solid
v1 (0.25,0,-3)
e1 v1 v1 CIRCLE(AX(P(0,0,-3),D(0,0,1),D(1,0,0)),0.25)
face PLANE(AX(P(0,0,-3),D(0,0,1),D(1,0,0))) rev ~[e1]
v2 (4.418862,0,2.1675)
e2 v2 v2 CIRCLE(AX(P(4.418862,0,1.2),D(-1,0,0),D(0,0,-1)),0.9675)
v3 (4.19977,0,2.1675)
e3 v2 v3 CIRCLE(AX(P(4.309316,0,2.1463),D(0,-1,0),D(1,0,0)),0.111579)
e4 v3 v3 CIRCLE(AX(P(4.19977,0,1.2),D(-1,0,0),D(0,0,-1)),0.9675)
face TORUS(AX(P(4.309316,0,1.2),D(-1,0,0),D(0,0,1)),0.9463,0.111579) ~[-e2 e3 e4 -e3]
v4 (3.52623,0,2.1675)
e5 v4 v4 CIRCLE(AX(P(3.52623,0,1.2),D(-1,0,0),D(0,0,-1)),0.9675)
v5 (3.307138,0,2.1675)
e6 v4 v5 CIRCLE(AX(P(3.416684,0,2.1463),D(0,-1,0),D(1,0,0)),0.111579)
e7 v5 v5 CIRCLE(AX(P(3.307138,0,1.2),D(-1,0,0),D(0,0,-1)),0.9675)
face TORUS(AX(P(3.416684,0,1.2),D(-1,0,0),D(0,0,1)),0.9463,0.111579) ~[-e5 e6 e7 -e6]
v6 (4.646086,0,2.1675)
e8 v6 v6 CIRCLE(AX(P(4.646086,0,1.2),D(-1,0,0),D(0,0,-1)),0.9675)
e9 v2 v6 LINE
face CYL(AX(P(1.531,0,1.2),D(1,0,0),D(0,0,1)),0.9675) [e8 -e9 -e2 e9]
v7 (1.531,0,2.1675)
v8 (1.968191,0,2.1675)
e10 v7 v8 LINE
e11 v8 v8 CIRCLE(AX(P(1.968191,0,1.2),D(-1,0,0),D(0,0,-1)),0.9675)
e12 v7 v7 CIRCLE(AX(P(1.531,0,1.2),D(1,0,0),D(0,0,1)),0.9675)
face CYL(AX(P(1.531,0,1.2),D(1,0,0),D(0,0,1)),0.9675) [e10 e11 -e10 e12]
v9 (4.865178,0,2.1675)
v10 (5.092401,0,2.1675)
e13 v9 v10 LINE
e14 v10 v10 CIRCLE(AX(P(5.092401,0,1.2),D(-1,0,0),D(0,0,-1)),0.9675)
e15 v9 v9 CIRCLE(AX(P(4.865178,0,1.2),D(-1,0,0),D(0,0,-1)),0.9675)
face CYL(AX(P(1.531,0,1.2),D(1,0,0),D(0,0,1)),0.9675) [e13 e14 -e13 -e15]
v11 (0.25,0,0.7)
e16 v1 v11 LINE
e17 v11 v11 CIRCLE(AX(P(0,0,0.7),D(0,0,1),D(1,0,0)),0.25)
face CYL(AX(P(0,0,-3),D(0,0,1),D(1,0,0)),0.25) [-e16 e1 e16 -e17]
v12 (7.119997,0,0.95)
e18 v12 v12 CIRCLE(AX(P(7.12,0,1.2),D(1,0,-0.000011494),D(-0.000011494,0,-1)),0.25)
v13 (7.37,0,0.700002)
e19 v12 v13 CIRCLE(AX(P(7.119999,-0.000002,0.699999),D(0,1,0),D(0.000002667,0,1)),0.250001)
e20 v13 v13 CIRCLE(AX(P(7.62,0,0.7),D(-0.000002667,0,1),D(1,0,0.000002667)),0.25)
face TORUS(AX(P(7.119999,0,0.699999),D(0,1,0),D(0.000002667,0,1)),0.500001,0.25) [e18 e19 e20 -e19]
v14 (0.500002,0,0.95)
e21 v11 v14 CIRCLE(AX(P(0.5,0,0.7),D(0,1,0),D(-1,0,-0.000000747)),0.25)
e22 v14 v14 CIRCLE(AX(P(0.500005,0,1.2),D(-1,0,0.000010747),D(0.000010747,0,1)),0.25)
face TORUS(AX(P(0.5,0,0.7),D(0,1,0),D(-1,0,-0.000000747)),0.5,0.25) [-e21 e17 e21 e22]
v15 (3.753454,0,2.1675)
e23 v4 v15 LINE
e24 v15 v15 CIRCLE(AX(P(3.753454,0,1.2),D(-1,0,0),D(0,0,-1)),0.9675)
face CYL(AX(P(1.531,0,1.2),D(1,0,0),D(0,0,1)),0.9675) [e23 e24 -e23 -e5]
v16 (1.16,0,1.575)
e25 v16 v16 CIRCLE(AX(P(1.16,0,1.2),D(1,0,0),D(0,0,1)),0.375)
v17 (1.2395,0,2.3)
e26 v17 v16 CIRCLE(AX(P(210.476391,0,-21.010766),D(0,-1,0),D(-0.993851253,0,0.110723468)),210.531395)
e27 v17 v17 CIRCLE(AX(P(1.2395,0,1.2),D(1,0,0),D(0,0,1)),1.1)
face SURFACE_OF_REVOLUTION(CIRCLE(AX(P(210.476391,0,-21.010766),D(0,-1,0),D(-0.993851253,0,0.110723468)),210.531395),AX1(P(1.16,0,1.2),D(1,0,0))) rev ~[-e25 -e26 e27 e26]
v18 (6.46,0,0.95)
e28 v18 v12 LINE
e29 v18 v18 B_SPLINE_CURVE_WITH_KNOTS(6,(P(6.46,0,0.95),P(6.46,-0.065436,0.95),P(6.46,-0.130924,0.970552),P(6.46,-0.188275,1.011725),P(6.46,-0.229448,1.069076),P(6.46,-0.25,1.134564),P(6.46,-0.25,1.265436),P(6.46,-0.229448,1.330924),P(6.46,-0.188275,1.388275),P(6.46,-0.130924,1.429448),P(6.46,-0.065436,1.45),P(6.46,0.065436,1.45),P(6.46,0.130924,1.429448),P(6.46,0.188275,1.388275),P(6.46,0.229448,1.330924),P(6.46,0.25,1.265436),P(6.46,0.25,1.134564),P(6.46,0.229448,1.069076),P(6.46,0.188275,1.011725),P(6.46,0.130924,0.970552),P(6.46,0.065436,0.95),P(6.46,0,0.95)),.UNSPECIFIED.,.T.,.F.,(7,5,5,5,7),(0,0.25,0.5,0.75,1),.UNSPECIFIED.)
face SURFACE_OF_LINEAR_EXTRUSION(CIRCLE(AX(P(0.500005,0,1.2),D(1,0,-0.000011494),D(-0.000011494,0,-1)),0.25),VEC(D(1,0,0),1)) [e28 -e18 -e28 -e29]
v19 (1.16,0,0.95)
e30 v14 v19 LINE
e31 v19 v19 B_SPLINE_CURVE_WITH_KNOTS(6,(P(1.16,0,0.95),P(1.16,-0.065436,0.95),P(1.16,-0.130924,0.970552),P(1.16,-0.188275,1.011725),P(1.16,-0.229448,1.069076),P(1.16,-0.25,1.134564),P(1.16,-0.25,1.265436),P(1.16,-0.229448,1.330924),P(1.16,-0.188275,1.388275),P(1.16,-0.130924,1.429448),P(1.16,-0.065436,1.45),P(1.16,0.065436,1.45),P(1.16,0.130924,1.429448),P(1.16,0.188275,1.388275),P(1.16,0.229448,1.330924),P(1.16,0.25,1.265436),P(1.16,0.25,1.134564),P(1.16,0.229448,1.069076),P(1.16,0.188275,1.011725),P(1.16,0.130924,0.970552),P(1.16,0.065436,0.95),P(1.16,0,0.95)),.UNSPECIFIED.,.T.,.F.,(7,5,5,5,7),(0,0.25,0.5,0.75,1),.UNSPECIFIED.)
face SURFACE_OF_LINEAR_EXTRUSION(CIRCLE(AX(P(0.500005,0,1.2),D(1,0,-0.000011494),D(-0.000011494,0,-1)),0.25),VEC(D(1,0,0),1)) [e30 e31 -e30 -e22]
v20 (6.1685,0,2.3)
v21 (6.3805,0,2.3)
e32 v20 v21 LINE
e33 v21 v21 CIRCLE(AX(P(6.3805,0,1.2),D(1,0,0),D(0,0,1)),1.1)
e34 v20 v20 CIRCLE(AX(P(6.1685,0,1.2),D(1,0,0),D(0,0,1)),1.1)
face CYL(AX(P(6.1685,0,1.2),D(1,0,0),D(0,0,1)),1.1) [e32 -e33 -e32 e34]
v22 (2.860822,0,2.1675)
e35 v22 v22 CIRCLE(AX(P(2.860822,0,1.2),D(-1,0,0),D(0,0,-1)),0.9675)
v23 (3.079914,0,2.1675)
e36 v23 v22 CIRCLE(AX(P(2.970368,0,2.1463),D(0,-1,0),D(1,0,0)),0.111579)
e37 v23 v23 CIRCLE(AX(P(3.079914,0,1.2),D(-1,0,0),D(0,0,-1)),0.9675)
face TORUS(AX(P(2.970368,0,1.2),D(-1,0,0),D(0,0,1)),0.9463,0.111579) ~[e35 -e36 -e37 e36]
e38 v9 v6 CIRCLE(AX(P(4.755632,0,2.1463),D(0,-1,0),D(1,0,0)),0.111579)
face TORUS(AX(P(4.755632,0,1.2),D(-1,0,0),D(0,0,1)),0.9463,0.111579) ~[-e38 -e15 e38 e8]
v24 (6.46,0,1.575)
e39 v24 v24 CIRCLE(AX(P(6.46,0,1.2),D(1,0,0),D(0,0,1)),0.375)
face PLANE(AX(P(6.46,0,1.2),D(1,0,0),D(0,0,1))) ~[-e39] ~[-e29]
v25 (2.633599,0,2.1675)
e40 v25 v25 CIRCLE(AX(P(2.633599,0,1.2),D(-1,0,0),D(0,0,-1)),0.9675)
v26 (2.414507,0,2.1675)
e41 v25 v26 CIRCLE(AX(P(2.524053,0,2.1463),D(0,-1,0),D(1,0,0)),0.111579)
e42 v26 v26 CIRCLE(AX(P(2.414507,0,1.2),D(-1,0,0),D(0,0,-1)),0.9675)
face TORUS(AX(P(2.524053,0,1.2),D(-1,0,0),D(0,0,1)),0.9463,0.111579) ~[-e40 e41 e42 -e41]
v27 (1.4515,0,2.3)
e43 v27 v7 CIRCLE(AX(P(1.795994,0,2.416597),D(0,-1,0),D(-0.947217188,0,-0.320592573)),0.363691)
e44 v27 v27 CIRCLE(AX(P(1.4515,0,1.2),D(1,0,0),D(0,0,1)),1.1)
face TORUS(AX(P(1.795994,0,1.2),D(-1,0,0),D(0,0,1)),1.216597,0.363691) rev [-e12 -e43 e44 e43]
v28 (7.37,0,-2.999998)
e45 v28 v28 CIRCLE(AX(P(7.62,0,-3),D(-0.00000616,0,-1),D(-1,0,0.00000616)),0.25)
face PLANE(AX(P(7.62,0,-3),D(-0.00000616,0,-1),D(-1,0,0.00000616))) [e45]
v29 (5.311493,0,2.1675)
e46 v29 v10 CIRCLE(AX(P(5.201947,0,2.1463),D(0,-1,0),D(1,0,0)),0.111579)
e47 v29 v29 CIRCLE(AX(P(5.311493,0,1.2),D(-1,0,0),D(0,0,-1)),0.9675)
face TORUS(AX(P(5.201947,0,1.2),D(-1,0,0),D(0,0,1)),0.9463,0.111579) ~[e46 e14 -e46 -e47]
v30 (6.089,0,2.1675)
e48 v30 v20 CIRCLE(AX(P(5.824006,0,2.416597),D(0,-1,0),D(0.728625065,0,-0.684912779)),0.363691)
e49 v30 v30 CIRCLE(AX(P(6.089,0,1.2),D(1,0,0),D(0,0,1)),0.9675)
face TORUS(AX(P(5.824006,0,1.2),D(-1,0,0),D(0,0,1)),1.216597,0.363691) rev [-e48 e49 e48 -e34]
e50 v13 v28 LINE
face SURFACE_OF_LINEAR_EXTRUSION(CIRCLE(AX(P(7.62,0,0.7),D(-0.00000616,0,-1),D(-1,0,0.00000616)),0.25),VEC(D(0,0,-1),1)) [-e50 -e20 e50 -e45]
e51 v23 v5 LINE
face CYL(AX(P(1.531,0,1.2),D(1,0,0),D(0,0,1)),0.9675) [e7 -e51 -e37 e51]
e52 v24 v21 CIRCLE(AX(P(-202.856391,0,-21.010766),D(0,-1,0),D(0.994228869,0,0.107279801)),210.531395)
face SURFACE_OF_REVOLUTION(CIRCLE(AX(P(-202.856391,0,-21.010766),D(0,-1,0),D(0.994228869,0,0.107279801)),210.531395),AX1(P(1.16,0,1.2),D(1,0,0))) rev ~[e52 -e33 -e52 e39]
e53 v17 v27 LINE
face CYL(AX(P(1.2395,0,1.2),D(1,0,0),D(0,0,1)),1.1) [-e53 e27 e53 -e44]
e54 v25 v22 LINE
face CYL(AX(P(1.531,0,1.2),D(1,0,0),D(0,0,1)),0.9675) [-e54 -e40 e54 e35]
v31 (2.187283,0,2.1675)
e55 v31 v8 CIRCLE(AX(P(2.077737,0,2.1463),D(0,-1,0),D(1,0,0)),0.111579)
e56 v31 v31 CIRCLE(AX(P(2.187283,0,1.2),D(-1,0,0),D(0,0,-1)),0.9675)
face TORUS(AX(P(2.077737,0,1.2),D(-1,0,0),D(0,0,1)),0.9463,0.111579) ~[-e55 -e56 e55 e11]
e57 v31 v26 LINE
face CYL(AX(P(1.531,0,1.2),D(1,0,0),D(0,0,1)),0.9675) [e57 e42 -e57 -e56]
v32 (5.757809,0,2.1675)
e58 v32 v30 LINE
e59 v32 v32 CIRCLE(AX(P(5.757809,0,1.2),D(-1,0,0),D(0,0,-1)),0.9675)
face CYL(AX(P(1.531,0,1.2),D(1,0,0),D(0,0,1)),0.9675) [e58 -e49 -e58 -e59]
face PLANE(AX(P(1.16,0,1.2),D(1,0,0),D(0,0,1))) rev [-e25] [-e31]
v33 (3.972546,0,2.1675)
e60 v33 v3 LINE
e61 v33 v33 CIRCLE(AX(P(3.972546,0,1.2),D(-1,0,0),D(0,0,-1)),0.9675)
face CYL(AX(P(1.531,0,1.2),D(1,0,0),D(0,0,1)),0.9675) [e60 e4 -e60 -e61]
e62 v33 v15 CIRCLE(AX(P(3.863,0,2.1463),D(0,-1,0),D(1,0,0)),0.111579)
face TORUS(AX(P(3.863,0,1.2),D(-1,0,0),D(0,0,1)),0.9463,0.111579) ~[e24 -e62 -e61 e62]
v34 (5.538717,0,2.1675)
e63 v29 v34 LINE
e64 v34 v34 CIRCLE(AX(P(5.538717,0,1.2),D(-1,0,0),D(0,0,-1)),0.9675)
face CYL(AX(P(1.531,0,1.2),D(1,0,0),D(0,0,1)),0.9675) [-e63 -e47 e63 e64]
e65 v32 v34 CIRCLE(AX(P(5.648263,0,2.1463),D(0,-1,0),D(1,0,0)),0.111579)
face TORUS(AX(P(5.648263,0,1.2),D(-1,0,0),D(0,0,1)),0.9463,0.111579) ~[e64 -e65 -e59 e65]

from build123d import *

# Parameters (mm, degrees)
SKETCH_R = 0.25


with BuildPart() as sweep_body:
    # Sweep: sweep along a path in Sketch001
    with BuildLine(Plane.XZ) as sweep_path:
        Line((0, -3), (0, 0.7))
        ThreePointArc((0, 0.7), (0.146448, 1.053555), (0.500005, 1.2))
        Line((0.500005, 1.2), (7.12, 1.2))
        ThreePointArc((7.12, 1.2), (7.473553, 1.053553), (7.62, 0.7))
        Line((7.62, 0.7), (7.62, -3))
    # Sketch → Sweep (sweep)
    with BuildSketch(Plane.XY.offset(-2)):
        Circle(SKETCH_R)
    sweep(path=sweep_path.line)


with BuildPart() as revolution:
    # Sketch002 → Revolution (revolve)
    with BuildSketch(Plane.XZ):
        with BuildLine():
            Line((1.2395, 2.3), (1.4515, 2.3))
            ThreePointArc((1.4515, 2.3), (1.484132, 2.229479), (1.531, 2.1675))
            Line((1.531, 2.1675), (6.089, 2.1675))
            ThreePointArc((6.089, 2.1675), (6.135868, 2.229479), (6.1685, 2.3))
            Line((6.1685, 2.3), (6.3805, 2.3))
            ThreePointArc((6.46, 1.575), (6.420564, 1.937534), (6.3805, 2.3))
            Line((6.46, 1.2), (6.46, 1.575))
            Line((1.16, 1.2), (6.46, 1.2))
            Line((1.16, 1.2), (1.16, 1.575))
            ThreePointArc((1.2395, 2.3), (1.199436, 1.937534), (1.16, 1.575))
        make_face()
    revolve(axis=Axis((1.16, 0, 1.2), (1, 0, 0)))


with BuildPart() as revolution001_mp_cp:
    # Sketch003 → Revolution001 (revolve)
    with BuildSketch(Plane.XZ):
        with BuildLine():
            ThreePointArc((2.189316, 2.1463), (2.077737, 2.257879), (1.966158, 2.1463))
            Line((1.743, 2.1463), (1.966158, 2.1463))
            Line((1.743, 2.1463), (1.743, 1.9263))
            Line((1.743, 1.9263), (5.983, 1.9263))
            Line((5.983, 1.9263), (5.983, 2.1463))
            Line((5.759842, 2.1463), (5.983, 2.1463))
            ThreePointArc((5.759842, 2.1463), (5.648263, 2.257879), (5.536684, 2.1463))
            Line((5.313526, 2.1463), (5.536684, 2.1463))
            ThreePointArc((5.313526, 2.1463), (5.201947, 2.257879), (5.090368, 2.1463))
            Line((4.867211, 2.1463), (5.090368, 2.1463))
            ThreePointArc((4.867211, 2.1463), (4.755632, 2.257879), (4.644053, 2.1463))
            Line((4.420895, 2.1463), (4.644053, 2.1463))
            ThreePointArc((4.420895, 2.1463), (4.309316, 2.257879), (4.197737, 2.1463))
            Line((3.974579, 2.1463), (4.197737, 2.1463))
            ThreePointArc((3.974579, 2.1463), (3.863, 2.257879), (3.751421, 2.1463))
            Line((3.528263, 2.1463), (3.751421, 2.1463))
            ThreePointArc((3.528263, 2.1463), (3.416684, 2.257879), (3.305105, 2.1463))
            Line((3.081947, 2.1463), (3.305105, 2.1463))
            ThreePointArc((3.081947, 2.1463), (2.970368, 2.257879), (2.858789, 2.1463))
            Line((2.635632, 2.1463), (2.858789, 2.1463))
            ThreePointArc((2.635632, 2.1463), (2.524053, 2.257879), (2.412474, 2.1463))
            Line((2.189316, 2.1463), (2.412474, 2.1463))
        make_face()
    revolve(axis=Axis((1.2925, 0, 1.2), (1, 0, 0)))

    # Revolution001_mp_cp: union Sweep body, Revolution
    add(sweep_body.part)
    add(revolution.part)


solid = revolution001_mp_cp.part
